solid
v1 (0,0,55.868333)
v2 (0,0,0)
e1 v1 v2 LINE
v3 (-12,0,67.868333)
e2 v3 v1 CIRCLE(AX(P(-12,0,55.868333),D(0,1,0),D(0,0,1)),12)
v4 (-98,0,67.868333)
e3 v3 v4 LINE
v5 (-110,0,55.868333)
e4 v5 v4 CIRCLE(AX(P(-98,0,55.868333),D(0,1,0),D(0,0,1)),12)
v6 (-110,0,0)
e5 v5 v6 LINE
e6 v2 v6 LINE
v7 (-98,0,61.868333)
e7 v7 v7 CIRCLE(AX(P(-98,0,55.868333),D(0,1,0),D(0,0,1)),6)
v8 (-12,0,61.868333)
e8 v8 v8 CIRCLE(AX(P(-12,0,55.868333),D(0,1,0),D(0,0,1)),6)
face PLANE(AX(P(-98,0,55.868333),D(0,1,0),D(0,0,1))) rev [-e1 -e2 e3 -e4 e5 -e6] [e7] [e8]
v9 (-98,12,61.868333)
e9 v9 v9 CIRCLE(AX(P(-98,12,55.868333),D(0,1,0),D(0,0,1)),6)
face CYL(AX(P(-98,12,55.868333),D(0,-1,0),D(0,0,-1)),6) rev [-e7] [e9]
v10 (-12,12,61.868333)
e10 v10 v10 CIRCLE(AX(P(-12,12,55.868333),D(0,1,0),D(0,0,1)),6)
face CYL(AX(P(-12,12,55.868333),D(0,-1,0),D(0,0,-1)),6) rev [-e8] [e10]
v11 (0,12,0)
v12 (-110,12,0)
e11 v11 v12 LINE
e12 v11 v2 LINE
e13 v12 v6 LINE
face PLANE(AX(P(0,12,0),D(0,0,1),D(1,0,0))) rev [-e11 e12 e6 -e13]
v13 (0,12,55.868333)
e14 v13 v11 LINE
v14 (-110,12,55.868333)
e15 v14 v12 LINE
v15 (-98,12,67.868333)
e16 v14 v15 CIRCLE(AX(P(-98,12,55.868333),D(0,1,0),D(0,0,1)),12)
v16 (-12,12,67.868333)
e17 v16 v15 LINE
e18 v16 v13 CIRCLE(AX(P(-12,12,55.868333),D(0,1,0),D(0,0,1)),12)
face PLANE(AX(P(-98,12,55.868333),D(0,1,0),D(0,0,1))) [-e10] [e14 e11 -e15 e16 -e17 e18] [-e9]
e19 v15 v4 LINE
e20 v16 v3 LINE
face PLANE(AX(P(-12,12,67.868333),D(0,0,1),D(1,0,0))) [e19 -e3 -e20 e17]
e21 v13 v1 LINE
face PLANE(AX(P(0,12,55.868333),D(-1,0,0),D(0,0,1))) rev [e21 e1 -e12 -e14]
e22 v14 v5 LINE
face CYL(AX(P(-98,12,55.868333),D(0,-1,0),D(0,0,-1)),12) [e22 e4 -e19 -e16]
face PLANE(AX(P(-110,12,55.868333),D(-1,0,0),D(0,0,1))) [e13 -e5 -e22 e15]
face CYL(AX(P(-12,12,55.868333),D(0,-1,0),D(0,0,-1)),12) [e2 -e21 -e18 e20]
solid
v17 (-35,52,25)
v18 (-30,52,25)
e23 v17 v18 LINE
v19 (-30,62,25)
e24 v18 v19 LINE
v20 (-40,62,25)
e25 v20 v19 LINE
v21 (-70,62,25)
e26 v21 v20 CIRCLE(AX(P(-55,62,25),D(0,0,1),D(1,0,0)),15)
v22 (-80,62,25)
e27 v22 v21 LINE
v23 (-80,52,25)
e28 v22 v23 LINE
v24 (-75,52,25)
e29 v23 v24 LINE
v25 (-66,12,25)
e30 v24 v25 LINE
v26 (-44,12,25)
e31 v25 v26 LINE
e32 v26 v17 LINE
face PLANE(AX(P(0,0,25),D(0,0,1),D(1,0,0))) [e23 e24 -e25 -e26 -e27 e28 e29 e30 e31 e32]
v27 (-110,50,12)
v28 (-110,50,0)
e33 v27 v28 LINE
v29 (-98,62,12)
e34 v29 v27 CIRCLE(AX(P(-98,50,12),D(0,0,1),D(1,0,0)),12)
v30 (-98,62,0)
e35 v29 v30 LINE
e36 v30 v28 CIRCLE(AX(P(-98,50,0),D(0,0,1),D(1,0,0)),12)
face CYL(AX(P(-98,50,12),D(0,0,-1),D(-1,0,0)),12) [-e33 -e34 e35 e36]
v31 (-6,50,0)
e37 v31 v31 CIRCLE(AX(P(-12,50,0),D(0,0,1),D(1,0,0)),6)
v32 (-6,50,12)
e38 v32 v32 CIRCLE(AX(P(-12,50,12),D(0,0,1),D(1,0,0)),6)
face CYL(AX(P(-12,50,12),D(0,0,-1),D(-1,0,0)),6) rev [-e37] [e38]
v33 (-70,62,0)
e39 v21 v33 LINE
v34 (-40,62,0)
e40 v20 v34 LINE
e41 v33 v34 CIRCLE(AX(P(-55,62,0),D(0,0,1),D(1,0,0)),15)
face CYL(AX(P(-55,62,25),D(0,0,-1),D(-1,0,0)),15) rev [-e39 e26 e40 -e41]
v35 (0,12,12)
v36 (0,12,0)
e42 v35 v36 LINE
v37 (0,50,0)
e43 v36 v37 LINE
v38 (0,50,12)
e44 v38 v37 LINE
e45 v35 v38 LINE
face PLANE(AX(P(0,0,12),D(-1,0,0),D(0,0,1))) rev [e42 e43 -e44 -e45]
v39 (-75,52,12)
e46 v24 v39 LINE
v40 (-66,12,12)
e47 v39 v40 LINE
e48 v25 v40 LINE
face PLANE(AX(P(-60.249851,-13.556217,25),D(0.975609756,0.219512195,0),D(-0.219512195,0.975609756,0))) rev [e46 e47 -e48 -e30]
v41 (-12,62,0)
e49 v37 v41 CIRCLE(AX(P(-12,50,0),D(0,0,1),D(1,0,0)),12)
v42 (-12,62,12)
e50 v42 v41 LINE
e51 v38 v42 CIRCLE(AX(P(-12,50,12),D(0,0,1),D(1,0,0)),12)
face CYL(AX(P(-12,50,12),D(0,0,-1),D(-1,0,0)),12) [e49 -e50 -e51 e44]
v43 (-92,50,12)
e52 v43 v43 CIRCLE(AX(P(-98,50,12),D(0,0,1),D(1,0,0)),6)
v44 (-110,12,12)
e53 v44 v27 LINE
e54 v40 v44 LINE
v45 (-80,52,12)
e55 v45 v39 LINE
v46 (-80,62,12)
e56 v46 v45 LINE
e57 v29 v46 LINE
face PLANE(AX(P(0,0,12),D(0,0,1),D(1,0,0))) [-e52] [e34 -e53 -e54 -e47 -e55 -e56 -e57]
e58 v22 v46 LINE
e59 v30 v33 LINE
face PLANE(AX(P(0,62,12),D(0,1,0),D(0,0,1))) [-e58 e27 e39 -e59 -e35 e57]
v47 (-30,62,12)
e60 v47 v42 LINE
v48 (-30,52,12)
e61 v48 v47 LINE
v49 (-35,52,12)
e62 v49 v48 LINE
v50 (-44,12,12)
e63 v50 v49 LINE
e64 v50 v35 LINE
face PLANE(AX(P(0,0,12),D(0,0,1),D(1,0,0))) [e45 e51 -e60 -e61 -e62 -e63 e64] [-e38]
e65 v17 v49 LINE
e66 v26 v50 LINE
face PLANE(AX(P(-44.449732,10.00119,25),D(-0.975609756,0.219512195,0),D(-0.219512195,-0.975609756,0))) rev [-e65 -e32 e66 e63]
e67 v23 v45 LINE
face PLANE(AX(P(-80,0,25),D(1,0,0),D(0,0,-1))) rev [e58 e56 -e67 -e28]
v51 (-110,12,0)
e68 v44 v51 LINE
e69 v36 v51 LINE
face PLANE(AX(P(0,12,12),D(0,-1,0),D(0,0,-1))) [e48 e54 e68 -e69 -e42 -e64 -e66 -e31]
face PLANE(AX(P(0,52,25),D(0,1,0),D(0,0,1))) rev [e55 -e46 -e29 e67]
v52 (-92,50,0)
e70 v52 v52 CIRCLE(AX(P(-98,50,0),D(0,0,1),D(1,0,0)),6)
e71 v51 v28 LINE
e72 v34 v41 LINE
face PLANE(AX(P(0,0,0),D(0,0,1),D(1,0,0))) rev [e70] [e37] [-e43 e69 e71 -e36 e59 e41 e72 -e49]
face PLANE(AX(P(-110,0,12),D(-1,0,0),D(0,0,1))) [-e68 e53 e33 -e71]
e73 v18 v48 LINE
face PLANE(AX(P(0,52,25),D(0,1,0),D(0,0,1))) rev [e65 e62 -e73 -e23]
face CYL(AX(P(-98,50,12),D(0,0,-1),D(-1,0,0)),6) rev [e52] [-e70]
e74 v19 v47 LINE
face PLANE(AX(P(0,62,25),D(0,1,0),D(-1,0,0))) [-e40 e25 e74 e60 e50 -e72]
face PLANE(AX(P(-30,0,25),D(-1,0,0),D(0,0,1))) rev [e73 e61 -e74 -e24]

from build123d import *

# Parameters (mm, degrees)
SKETCH2_R             = 6
BOSS_EXTRUDE1_DEPTH   = 12
SKETCH14_R            = 6
BOSS_EXTRUDE9_DEPTH   = 12
BOSS_EXTRUDE9_2_DEPTH = 12
BOSS_EXTRUDE10_DEPTH  = 25


with BuildPart() as part:
    # Sketch2 → Boss-Extrude1 (new body)
    with BuildSketch(Plane(origin=(0, 0, 0), x_dir=(1, 0, 0), z_dir=(0, 1, 0))):
        with BuildLine():
            Line((-12, -67.868332512), (-98, -67.868332512))
            ThreePointArc((-98, -67.868332512), (-106.485281374, -64.353613886), (-110, -55.868332512))
            Line((-110, -55.868332512), (-110, 0))
            Line((-110, 0), (0, 0))
            Line((0, 0), (0, -55.868332512))
            ThreePointArc((0, -55.868332512), (-3.514718626, -64.353613886), (-12, -67.868332512))
        make_face()
        with Locations((-98, -55.868332512)):
            Circle(SKETCH2_R, mode=Mode.SUBTRACT)
        with Locations((-12, -55.868332512)):
            Circle(SKETCH2_R, mode=Mode.SUBTRACT)
    extrude(amount=BOSS_EXTRUDE1_DEPTH)


with BuildPart() as body_2:
    # Sketch14 → Boss-Extrude9 (new body)
    with BuildSketch(Plane.XY):
        with BuildLine():
            Line((-80, 52), (-80, 62))
            Line((-80, 62), (-98, 62))
            ThreePointArc((-98, 62), (-106.485281374, 58.485281374), (-110, 50))
            Line((-110, 50), (-110, 12))
            Line((-110, 12), (-66, 12))
            Line((-66, 12), (-75, 52))
            Line((-75, 52), (-80, 52))
        make_face()
        with Locations((-98, 50)):
            Circle(SKETCH14_R, mode=Mode.SUBTRACT)
    extrude(amount=BOSS_EXTRUDE9_DEPTH)



with BuildPart() as body_3:
    # Sketch14 → Boss-Extrude9 2 (new body)
    with BuildSketch(Plane.XY):
        with BuildLine():
            Line((-12, 62), (-30, 62))
            Line((-30, 62), (-30, 52))
            Line((-30, 52), (-35, 52))
            Line((-35, 52), (-44, 12))
            Line((-44, 12), (0, 12))
            Line((0, 12), (0, 50))
            ThreePointArc((0, 50), (-3.514718626, 58.485281374), (-12, 62))
        make_face()
        with Locations((-12, 50)):
            Circle(SKETCH14_R, mode=Mode.SUBTRACT)
    extrude(amount=BOSS_EXTRUDE9_2_DEPTH)


with BuildPart() as body_2_1:
    add(body_2.part)

    add(body_3.part)  # Boss-Extrude10 merges body 3
    # Sketch14<8> → Boss-Extrude10 (add)
    with BuildSketch(Plane.XY):
        with BuildLine():
            Line((-70, 62), (-80, 62))
            Line((-80, 62), (-80, 52))
            Line((-80, 52), (-75, 52))
            Line((-75, 52), (-66, 12))
            Line((-66, 12), (-44, 12))
            Line((-44, 12), (-35, 52))
            Line((-35, 52), (-30, 52))
            Line((-30, 52), (-30, 62))
            Line((-30, 62), (-40, 62))
            ThreePointArc((-40, 62), (-55, 47), (-70, 62))
        make_face()
    extrude(amount=BOSS_EXTRUDE10_DEPTH)


solid = Compound([part.part, body_2_1.part])
